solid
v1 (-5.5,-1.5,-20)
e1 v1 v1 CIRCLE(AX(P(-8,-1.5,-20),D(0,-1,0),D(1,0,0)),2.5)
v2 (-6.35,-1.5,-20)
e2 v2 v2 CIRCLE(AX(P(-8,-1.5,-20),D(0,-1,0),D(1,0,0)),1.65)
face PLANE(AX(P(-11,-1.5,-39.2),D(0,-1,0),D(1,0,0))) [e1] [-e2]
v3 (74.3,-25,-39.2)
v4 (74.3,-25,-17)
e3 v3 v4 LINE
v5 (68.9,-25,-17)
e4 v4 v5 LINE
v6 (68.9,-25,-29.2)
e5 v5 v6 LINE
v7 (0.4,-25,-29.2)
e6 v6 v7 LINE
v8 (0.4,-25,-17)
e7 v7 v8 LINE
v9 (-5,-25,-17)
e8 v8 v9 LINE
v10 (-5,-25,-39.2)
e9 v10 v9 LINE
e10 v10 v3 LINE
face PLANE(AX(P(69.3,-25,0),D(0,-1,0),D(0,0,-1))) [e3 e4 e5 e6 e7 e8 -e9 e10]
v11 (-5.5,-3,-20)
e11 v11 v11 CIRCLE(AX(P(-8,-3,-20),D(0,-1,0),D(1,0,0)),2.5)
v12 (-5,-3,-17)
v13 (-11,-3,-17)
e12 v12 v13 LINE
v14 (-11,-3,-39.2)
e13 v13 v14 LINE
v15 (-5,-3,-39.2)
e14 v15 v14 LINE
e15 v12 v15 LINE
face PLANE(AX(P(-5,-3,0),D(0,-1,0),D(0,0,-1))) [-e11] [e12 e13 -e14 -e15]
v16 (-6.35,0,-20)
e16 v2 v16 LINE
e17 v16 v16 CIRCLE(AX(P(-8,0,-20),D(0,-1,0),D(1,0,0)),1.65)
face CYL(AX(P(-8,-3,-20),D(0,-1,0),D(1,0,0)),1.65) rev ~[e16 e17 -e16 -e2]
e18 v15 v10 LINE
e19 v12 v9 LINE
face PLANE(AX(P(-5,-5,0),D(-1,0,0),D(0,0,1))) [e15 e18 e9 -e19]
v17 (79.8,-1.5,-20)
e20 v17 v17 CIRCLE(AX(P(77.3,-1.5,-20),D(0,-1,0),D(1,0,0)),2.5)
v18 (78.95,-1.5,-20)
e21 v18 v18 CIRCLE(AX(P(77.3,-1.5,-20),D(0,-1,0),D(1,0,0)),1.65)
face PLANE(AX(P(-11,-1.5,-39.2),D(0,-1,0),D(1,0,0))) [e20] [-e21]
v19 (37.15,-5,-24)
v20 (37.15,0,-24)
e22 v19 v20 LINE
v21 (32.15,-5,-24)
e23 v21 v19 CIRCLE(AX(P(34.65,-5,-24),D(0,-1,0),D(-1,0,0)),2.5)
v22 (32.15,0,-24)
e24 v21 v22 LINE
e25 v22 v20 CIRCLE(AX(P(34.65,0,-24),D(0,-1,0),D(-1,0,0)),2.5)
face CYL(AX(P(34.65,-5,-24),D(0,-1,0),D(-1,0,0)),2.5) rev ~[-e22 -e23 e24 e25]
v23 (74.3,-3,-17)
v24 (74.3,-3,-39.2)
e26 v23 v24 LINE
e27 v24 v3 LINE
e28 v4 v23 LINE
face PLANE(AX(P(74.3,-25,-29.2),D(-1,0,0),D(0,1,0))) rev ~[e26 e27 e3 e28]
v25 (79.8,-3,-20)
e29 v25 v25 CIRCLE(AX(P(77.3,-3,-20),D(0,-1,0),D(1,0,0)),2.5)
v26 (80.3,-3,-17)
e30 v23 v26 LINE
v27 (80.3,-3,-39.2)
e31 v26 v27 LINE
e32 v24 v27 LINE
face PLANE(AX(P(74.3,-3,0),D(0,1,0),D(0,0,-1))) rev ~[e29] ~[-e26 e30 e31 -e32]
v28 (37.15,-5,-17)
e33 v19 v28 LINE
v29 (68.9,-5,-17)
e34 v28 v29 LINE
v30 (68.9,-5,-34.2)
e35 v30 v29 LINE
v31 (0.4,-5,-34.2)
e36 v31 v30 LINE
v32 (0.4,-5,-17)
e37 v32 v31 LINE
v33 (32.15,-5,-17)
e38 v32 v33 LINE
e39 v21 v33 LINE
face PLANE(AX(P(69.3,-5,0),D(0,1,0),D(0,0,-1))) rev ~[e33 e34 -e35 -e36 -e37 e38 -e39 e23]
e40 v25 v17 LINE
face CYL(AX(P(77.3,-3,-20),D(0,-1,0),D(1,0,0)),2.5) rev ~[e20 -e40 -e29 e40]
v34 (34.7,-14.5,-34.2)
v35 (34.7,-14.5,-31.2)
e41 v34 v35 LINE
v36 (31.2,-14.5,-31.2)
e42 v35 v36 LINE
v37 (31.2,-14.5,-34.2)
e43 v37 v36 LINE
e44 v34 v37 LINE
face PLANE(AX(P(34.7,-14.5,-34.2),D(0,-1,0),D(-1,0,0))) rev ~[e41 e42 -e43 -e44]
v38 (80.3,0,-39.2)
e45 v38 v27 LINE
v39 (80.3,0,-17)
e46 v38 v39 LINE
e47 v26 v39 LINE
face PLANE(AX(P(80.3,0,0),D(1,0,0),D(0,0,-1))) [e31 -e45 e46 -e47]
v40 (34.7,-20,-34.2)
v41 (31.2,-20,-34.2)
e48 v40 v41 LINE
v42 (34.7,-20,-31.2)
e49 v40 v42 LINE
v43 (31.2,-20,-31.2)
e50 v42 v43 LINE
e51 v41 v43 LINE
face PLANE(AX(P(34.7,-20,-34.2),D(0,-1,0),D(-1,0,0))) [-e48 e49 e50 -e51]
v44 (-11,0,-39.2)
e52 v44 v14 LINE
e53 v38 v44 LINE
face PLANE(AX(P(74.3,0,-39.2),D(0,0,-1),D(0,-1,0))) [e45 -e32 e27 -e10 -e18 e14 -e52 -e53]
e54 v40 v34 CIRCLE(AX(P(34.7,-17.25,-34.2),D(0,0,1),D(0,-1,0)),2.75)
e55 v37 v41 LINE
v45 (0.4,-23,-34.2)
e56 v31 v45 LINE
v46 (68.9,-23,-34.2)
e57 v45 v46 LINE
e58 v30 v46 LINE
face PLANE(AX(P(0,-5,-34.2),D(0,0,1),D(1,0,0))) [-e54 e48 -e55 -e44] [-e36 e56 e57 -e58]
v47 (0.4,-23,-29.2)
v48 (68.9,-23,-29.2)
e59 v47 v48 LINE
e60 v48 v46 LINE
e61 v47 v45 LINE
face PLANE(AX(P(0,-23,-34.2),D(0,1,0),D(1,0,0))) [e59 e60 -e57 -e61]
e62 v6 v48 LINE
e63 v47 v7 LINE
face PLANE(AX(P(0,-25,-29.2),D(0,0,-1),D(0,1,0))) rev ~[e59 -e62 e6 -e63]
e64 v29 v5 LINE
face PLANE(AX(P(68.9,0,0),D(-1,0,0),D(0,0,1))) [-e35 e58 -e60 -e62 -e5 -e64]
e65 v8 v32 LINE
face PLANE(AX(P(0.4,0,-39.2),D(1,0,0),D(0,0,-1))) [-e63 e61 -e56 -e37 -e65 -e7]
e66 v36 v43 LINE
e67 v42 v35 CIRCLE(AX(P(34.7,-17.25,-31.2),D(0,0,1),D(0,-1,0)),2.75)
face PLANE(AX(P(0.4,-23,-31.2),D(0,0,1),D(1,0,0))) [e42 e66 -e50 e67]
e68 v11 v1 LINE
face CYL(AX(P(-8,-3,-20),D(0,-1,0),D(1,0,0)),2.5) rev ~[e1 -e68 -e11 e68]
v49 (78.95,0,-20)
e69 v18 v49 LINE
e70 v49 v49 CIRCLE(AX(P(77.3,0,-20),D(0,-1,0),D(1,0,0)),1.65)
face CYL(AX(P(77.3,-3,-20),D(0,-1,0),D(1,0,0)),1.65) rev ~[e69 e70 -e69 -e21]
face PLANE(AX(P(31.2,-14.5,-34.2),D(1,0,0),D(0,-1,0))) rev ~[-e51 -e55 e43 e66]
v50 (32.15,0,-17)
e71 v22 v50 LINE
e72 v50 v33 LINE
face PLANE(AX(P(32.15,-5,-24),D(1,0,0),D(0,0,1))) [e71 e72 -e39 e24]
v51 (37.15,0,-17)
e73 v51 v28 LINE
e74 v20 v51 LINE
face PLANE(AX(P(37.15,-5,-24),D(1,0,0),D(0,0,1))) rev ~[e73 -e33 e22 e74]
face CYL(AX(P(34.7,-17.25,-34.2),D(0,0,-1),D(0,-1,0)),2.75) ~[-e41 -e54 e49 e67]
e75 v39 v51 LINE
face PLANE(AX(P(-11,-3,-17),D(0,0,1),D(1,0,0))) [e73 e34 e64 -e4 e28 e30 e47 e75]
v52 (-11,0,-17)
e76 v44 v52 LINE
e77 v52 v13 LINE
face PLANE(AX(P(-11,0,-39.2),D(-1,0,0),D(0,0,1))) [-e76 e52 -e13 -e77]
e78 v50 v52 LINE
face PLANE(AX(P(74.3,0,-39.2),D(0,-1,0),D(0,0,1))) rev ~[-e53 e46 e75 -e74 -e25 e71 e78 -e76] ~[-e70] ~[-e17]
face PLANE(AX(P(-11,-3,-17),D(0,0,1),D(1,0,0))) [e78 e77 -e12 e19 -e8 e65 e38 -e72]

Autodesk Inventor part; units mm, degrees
ref_plane "YZ Plane" through (0, 0, 0) normal (1, 0, 0) x (0, 1, 0)
ref_plane "XZ Plane" through (0, 0, 0) normal (0, 1, 0) x (-1, 0, 0)
ref_plane "XY Plane" through (0, 0, 0) normal (0, 0, 1) x (1, 0, 0)
sketch "Sketch2" plane through (0, 0, 0) normal (0, 1, 0) x (-1, 0, 0)
  line L0 (0, 0) -> (0, -39.2)
  line L1 (0, -39.2) -> (-69.3, -39.2)
  line L2 (-69.3, -39.2) -> (-69.3, 0)
  line L3 (-69.3, 0) -> (0, 0)
  dimension "d0" = 39.2
  dimension "d1" = 69.3
extrude "Extrusion1" add sketch "Sketch2" against normal blind 5
sketch "Sketch3" plane through (0, -5, 0) normal (0, -1, 0) x (1, 0, 0)
  line L0 (0, 0) -> (0, -39.2) projected
  line L1 (0, -39.2) -> (0, -34.2)
  line L2 (0, -34.2) -> (69.3, -34.2)
  line L3 (69.3, -39.2) -> (69.3, 0) projected
  line L4 (69.3, -39.2) -> (69.3, -34.2)
  line L5 (0, -39.2) -> (69.3, -39.2)
  dimension "d4" = 5
extrude "Extrusion2" add sketch "Sketch3" along normal blind 20
sketch "Sketch4" plane through (0, -5, -34.2) normal (0, 0, 1) x (1, 0, 0)
  line L0 (0, 5) -> (0, -20) projected
  line L1 (0, -20) -> (0, -18)
  line L2 (0, -18) -> (69.3, -18)
  line L3 (69.3, 5) -> (69.3, -20) projected
  line L4 (69.3, -20) -> (69.3, -18)
  line L5 (0, -20) -> (69.3, -20) projected
  line L6 (0, -20) -> (69.3, -20)
  dimension "d7" = 2
extrude "Extrusion3" add sketch "Sketch4" along normal blind 5
sketch "Sketch5" plane through (69.3, 0, 0) normal (1, 0, 0) x (0, 0, -1)
  line L0 (39.2, -25) -> (29.2, -25) projected
  line L1 (29.2, -25) -> (29.2, 0)
  line L2 (39.2, 0) -> (0, 0) projected
  line L3 (29.2, 0) -> (39.2, 0)
  line L4 (39.2, 0) -> (39.2, -25)
  line L5 (39.2, -25) -> (29.2, -25)
extrude "Extrusion4" add sketch "Sketch5" along normal blind 5
sketch "Sketch6" plane through (69.3, -5, 0) normal (1, 0, 0) x (0, 0, -1)
  line L0 (0, 5) -> (0, 0) projected
  line L1 (29.2, 0) -> (29.2, 5) projected
  line L2 (0, 5) -> (29.2, 5)
  line L3 (29.2, 5) -> (29.2, 0)
  line L4 (0, 0) -> (34.2, 0) projected
  line L5 (29.2, 0) -> (0, 0)
  line L6 (0, 0) -> (0, 5)
extrude "Extrusion5" add sketch "Sketch6" along normal blind 5
sketch "Sketch7" plane through (0, -5, -29.2) normal (0, 0, 1) x (1, 0, 0)
  line L0 (0, -20) -> (74.3, -20) projected
  line L1 (74.3, -20) -> (74.3, 0)
  line L2 (74.3, 0) -> (69.3, 0) projected
  line L3 (74.3, 0) -> (69.3, 0)
  line L4 (69.3, 0) -> (69.3, -18) projected
  line L5 (69.3, 0) -> (69.3, -20)
  line L6 (74.3, -20) -> (69.3, -20)
  point P0 (0, 5)
extrude "Extrusion6" add sketch "Sketch7" along normal up to surface (29.2 mm away)
sketch "Sketch8" plane through (0, 0, -39.2) normal (-1, 0, 0) x (0, 0, 1)
  line L0 (10, -25) -> (39.2, -25) projected
  line L1 (10, -25) -> (10, 0)
  line L2 (0, 0) -> (39.2, 0) projected
  line L3 (0, 0) -> (10, 0)
  line L4 (0, 0) -> (0, -25)
  line L5 (0, -25) -> (10, -25)
extrude "Extrusion7" add sketch "Sketch8" along normal blind 5
sketch "Sketch9" plane through (0, -5, 0) normal (-1, 0, 0) x (0, 0, 1)
  line L0 (-29.2, 5) -> (0, 5) projected
  line L1 (0, 5) -> (-29.2, 5)
  line L2 (-39.2, -20) -> (-29.2, -20) projected
  line L3 (-29.2, 5) -> (-29.2, -20)
  line L4 (0, 5) -> (0, -20) projected
  line L5 (-29.2, -20) -> (0, -20)
  line L6 (0, -20) -> (0, 5)
extrude "Extrusion8" add sketch "Sketch9" along normal blind 5
sketch "Sketch10" plane through (74.3, 0, 0) normal (1, 0, 0) x (0, 0, -1)
  line L0 (0, 0) -> (0, -25) projected
  line L1 (0, 0) -> (0, -3)
  line L2 (0, -3) -> (39.2, -3)
  line L3 (39.2, 0) -> (39.2, -25) projected
  line L4 (39.2, 0) -> (0, 0) projected
  line L5 (39.2, 0) -> (0, 0)
  line L6 (39.2, -3) -> (39.2, 0)
  dimension "d20" = 3
sketch "Sketch11" plane through (-5, 0, -39.2) normal (-1, 0, 0) x (0, 0, 1)
  line L0 (39.2, 0) -> (39.2, -25) projected
  line L1 (39.2, 0) -> (39.2, -3)
  line L2 (39.2, -3) -> (0, -3)
  line L3 (0, 0) -> (0, -25) projected
  line L4 (0, 0) -> (0, -3)
  line L5 (0, 0) -> (39.2, 0)
  dimension "d21" = 3
extrude "Extrusion9" add sketch "Sketch11" along normal blind 6
extrude "Extrusion10" add sketch "Sketch10" along normal blind 6
sketch "Sketch13" plane through (0, -5, 0) normal (0, -1, 0) x (1, 0, 0)
  line L0 (0, -34.2) -> (69.3, -34.2) projected
  arc A0 (32.15, -24) -> (37.15, -24) centre (34.65, -24) ccw
  line L1 (32.15, -24) -> (32.15, 0)
  line L2 (37.15, -24) -> (37.15, 0)
  line L3 (0, 0) -> (69.3, 0) projected
  dimension "d34" = 5
  dimension "d56" = 24
  dimension "d57" = 24
extrude "Extrusion13" cut sketch "Sketch13" against normal through all
sketch "Sketch15" plane through (0, 0, -39.2) normal (1, 0, 0) x (0, 0, -1)
  line L0 (0, -25) -> (-39.2, -25) projected
  line L1 (-10, -23) -> (-10, -25) projected
  line L2 (-39.2, -25) -> (-10, -25)
  line L3 (-10, -25) -> (-10, -23)
  line L4 (-5, -5) -> (-5, -23) projected
  line L5 (-10, -23) -> (-5, -23)
  line L6 (-5, -23) -> (-5, -5)
  line L7 (-39.2, -5) -> (-5, -5) projected
  line L8 (-5, -5) -> (-39.2, -5)
  line L9 (-10, -25) -> (-39.2, -25) projected
  line L10 (-39.2, -5) -> (-39.2, -25)
  point P0 (-39.2, 0)
extrude "Extrusion15" add sketch "Sketch15" along normal blind 0.4
sketch "Sketch16" plane through (69.3, 0, 0) normal (-1, 0, 0) x (0, 0, 1)
  line L0 (-34.2, -5) -> (0, -5) projected
  line L1 (0, -5) -> (0, -25)
  line L2 (-29.2, -25) -> (-29.2, -23) projected
  line L3 (0, -25) -> (-29.2, -25)
  line L4 (-29.2, -25) -> (-29.2, -23)
  line L5 (-29.2, -23) -> (-34.2, -23)
  line L6 (-34.2, -5) -> (-34.2, -23) projected
  line L7 (-34.2, -23) -> (-34.2, -5)
  line L8 (-34.2, -5) -> (0, -5)
  point P0 (0, 0)
extrude "Extrusion16" add sketch "Sketch16" along normal blind 0.4
sketch "Sketch17" plane through (0.4, -23, -34.2) normal (0, 0, 1) x (1, 0, 0)
  line L0 (0, 0) -> (30, 0)
  line L1 (0, 0) -> (68.5, 0) projected
  line L2 (68.5, 0) -> (37.5, 0)
  line L3 (37.5, 0) -> (37.5, 3)
  line L4 (30, 0) -> (30, 3)
  line L5 (30, 3) -> (30.8, 3)
  line L6 (37.5, 3) -> (36.7, 3)
  line L7 (34.3, 8.5) -> (30.8, 8.5)
  line L8 (30.8, 8.5) -> (30.8, 3)
  line L9 (36.7, 3) -> (30.8, 3)
  arc A0 (34.3, 3) -> (34.3, 8.5) centre (34.3, 5.75) ccw
  point P0 (-0.4, 23)
  dimension "d46" = 30
  dimension "d47" = 31
  dimension "d48" = 3
  dimension "d49" = 0.8
  dimension "d50" = 0.8
  dimension "d59" = 3.5
  dimension "d60" = 3.5
  dimension "d61" = 5.5
extrude "Extrusion17" add sketch "Sketch17" along normal blind 3 contours L8 L7 A0 L9
sketch "Sketch18" plane through (-11, -3, 0) normal (0, 0, 1) x (1, 0, 0)
  line L0 (6, 0) -> (0, 0) projected
  line L1 (0, 3) -> (0, 0)
  line L2 (0, 0) -> (6, 0)
  line L3 (6, 0) -> (6, -22) projected
  line L4 (6, 0) -> (6, -22)
  line L5 (6, -22) -> (11, -22)
  line L6 (85.3, -22) -> (6, -22) projected
  line L7 (11.4, -2) -> (11.4, -22) projected
  line L8 (11.4, -2) -> (79.9, -2)
  line L9 (79.9, -20) -> (11.4, -20) projected
  line L10 (79.9, -2) -> (79.9, -22)
  line L11 (85.3, -22) -> (85.3, 0) projected
  line L12 (79.9, -22) -> (85.3, -22)
  line L13 (85.3, -22) -> (85.3, 0)
  line L14 (85.3, 0) -> (91.3, 0)
  line L15 (91.3, 0) -> (93.4951, 0)
  line L16 (85.3, 0) -> (91.3, 0) projected
  line L17 (91.3, 0) -> (91.3, 3)
  line L18 (91.3, 3) -> (0, 3)
  line L19 (11.4, -2) -> (79.9, -2) projected
  line L20 (11.4, -2) -> (11.4, -22)
  line L21 (11, -22) -> (11.4, -22)
  point P0 (11, 3)
extrude "Extrusion18" cut sketch "Sketch18" against normal blind 17 contours L0 L1 L18 L17 L14 L11 L6 L10 L8 L7 L5 L3
sketch "Sketch19" plane through (-11, -3, -39.2) normal (0, -1, 0) x (1, 0, 0)
  line L0 (0, 22.2) -> (0, 0) projected
  line L1 (0, 11.1) -> (6, 11.1)
  line L2 (6, 0) -> (6, 22.2) projected
  circle A0 centre (3, 3) radius 1.65 projected
  circle A1 centre (3, 3) radius 1.65
  circle A2 centre (3, 3) radius 2.5
  circle A3 centre (3, 19.2) radius 1.65
  circle A4 centre (3, 19.2) radius 2.5
  circle A5 centre (88.3, 3) radius 1.65 projected
  circle A6 centre (88.3, 3) radius 1.65
  circle A7 centre (88.3, 3) radius 2.5
  circle A8 centre (88.3, 19.2) radius 1.65
  circle A9 centre (88.3, 19.2) radius 2.5
  point P0 (11, 39.2)
  dimension "d64" = 5
  dimension "d65" = 5
extrude "Extrusion19" cut sketch "Sketch19" against normal through all contours A3 | A8
extrude "Extrusion20" cut sketch "Sketch19" against normal blind 1.5 contours A3 | A4 | A9
properties part number "bottomcameraholder_6_24_2021"
